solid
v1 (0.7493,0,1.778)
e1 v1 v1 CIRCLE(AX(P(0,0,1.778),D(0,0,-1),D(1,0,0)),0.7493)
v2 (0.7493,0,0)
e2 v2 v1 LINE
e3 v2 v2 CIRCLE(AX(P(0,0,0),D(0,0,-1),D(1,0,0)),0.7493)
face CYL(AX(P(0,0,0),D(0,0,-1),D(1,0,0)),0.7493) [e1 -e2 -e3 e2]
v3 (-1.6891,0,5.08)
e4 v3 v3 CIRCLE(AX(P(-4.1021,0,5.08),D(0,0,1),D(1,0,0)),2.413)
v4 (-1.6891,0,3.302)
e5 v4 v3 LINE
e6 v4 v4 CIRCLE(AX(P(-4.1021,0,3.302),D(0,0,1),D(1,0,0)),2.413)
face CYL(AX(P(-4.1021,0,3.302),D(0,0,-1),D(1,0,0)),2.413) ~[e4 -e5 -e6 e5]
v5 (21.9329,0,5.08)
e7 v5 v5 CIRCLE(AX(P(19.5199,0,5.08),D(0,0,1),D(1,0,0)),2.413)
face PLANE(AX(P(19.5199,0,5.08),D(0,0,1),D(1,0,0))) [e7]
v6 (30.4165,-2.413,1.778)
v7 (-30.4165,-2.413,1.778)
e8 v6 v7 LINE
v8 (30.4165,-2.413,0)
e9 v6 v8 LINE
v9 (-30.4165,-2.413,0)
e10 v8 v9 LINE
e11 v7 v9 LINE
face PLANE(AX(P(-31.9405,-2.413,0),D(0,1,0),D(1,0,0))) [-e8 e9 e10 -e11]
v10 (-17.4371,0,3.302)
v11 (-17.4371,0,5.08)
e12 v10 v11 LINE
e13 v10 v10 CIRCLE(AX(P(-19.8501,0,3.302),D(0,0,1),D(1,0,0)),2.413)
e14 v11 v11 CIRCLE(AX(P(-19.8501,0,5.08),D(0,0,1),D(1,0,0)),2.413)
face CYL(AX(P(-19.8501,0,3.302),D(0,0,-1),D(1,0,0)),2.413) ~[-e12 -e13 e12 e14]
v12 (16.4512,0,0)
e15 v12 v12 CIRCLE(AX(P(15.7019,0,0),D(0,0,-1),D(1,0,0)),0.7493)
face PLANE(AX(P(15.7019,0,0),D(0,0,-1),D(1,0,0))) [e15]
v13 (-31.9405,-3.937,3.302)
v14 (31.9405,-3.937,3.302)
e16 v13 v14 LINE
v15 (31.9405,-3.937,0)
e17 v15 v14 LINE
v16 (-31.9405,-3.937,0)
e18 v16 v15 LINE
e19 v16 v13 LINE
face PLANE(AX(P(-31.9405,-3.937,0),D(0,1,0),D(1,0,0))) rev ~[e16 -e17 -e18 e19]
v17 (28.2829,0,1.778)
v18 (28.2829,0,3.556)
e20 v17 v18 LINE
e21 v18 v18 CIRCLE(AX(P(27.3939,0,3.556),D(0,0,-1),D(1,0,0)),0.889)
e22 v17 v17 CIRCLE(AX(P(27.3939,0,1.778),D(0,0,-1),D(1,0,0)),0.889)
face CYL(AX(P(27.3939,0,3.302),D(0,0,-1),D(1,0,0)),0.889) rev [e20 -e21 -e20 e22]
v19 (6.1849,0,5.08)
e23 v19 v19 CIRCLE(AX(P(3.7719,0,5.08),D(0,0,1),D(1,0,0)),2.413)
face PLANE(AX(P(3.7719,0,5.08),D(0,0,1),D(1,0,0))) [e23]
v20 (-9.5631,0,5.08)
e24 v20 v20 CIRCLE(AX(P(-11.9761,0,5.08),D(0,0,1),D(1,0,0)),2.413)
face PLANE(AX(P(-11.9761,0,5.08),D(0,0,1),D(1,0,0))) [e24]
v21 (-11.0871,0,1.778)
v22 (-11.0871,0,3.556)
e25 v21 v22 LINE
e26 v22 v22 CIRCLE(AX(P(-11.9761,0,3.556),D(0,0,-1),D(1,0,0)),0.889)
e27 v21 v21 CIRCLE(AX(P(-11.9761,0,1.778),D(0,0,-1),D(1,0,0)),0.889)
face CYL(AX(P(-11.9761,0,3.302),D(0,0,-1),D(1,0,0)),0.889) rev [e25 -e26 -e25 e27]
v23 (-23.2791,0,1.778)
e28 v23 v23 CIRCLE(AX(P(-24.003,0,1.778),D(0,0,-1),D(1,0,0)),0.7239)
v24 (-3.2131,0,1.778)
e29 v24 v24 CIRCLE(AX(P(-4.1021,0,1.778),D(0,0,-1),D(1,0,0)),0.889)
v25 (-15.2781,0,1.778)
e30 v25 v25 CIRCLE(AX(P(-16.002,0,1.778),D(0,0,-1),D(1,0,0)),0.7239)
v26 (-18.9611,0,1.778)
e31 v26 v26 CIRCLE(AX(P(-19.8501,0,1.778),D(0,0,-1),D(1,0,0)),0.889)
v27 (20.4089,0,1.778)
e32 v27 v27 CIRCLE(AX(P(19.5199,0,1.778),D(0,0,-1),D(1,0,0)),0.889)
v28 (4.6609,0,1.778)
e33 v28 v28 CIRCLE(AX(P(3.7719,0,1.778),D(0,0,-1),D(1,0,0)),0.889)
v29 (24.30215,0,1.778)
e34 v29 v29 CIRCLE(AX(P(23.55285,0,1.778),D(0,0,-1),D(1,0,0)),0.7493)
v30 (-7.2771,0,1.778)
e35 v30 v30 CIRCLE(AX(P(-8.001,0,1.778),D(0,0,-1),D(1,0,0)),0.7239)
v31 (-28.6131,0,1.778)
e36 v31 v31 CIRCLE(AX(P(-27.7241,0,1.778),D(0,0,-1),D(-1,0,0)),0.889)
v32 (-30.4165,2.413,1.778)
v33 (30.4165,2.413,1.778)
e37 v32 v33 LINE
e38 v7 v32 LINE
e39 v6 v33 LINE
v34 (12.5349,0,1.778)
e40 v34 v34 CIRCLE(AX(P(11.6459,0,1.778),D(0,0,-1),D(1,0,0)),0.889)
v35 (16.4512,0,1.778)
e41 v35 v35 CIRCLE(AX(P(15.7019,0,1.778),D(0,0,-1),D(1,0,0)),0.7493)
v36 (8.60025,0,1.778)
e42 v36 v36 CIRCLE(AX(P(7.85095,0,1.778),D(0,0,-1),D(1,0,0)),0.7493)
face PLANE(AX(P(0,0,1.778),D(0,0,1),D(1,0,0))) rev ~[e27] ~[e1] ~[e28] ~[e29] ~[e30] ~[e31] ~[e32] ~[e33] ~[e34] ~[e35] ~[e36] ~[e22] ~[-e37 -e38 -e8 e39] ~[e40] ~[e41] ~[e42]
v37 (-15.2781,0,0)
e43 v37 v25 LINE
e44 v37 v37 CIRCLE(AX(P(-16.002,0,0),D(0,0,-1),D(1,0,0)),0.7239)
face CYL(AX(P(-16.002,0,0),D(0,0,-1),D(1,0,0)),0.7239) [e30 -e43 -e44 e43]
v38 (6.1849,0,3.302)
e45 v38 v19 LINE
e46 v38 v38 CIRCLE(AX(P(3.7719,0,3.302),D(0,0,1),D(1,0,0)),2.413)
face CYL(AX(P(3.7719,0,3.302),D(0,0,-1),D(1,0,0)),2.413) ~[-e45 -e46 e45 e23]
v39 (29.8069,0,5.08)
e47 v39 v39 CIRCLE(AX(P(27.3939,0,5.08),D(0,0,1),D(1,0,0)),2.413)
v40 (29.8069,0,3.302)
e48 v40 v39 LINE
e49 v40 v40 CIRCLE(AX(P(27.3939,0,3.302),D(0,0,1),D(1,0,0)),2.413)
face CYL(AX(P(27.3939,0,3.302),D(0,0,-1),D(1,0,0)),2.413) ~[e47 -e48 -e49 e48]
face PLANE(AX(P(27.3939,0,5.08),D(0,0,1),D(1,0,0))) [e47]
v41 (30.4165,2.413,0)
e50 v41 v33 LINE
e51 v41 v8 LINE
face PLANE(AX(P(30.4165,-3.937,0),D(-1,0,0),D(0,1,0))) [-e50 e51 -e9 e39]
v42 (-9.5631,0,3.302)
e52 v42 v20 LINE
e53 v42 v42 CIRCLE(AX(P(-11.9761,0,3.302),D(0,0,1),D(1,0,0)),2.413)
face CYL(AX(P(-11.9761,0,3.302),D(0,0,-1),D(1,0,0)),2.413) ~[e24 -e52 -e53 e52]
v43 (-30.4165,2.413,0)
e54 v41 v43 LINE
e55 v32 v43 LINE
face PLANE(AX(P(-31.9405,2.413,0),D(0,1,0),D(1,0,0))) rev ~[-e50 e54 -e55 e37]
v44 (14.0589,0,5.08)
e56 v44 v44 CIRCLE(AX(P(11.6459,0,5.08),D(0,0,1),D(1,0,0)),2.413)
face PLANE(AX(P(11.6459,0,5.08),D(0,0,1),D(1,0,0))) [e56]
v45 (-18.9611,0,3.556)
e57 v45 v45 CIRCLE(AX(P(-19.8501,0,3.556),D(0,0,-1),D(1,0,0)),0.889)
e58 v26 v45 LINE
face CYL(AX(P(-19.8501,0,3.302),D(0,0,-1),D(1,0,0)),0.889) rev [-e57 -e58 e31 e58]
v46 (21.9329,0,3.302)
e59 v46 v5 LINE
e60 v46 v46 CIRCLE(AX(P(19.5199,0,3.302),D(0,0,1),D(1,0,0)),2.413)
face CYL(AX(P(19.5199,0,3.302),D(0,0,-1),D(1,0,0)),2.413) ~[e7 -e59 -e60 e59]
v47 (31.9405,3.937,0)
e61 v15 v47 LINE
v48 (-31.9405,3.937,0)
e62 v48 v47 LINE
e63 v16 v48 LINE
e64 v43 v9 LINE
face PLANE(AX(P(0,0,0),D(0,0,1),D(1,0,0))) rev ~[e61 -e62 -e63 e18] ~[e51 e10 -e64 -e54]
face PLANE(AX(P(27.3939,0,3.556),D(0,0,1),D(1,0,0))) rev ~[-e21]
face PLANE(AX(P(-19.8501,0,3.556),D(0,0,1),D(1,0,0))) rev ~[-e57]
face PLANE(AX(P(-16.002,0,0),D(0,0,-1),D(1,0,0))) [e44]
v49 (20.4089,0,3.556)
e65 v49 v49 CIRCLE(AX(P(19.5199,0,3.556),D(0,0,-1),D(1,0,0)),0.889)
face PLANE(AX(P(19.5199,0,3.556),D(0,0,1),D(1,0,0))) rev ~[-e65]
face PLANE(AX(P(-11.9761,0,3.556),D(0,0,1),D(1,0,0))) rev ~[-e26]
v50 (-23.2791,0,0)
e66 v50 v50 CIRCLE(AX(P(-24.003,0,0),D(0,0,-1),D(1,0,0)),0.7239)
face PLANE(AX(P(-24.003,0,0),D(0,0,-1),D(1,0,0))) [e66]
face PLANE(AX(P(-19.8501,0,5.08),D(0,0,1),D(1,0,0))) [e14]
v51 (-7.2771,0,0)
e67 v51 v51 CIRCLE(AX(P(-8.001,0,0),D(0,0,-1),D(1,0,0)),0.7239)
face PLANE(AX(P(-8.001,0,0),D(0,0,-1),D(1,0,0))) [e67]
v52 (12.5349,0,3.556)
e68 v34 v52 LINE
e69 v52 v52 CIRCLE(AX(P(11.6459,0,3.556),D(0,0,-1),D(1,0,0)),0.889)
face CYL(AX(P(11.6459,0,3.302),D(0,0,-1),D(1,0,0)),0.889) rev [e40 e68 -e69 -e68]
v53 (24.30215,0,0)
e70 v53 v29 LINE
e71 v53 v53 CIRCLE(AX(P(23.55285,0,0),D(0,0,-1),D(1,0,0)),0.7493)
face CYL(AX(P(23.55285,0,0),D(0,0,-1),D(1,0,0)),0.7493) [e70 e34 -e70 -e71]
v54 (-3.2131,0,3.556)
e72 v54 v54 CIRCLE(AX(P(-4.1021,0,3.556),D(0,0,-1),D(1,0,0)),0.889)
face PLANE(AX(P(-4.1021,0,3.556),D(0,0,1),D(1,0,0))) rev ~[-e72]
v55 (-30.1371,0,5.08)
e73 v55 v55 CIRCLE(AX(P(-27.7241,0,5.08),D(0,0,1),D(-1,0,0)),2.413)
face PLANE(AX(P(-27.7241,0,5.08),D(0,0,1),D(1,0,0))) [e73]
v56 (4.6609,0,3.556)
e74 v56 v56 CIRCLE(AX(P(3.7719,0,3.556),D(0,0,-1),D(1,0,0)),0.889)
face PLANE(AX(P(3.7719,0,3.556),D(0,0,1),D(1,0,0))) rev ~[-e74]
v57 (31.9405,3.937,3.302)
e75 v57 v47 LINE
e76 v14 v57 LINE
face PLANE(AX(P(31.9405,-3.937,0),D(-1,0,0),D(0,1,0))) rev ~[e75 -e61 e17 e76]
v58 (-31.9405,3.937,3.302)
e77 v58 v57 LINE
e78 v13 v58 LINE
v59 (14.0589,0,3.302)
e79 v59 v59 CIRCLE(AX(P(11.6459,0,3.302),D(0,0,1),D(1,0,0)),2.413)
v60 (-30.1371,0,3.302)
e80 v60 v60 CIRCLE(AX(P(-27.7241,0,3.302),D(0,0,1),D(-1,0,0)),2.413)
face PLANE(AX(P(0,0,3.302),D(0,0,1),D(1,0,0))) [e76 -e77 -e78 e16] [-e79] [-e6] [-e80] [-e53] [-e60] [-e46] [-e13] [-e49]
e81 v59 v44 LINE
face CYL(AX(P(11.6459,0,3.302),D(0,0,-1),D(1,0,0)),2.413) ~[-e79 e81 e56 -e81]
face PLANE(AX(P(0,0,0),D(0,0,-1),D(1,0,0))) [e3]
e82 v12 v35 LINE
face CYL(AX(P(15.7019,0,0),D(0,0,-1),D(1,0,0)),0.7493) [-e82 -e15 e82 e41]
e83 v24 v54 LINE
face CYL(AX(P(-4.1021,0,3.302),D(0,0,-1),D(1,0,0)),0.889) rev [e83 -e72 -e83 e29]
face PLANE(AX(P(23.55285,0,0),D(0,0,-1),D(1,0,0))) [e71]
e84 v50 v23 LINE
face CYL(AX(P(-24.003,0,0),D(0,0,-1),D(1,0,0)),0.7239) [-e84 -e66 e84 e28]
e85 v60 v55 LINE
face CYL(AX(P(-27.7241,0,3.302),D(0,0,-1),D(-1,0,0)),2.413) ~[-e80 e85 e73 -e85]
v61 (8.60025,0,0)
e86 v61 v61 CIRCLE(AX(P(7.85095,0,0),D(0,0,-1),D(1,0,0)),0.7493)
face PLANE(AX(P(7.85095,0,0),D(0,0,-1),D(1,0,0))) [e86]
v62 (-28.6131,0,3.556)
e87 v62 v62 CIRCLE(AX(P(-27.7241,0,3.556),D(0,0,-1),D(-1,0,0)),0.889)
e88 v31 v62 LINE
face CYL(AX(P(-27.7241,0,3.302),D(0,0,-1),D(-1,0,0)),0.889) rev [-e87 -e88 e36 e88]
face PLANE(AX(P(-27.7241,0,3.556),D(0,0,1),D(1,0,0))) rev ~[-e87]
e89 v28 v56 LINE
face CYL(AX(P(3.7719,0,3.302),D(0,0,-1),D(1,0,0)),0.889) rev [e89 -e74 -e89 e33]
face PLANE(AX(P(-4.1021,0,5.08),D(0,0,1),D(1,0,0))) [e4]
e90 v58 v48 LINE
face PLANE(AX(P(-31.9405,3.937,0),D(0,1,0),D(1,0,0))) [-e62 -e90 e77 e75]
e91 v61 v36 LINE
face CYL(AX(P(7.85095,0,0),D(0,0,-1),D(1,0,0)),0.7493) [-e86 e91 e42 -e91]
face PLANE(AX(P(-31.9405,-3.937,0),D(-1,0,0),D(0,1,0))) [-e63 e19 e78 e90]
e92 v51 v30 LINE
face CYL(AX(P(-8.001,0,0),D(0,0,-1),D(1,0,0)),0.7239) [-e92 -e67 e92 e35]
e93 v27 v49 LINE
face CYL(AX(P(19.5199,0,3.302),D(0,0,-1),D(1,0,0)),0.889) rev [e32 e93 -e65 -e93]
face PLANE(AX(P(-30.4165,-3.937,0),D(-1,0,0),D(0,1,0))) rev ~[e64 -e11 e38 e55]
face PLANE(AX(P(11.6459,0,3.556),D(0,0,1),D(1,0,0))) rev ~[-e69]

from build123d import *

# Parameters (mm, degrees)
F0_W     = 63.881
F0_H     = 7.874
F1_DEPTH = 3.302
F2_R     = 2.413
F3_DEPTH = 1.778
F5_T     = -1.524
F7_R     = 0.7239
F6_R     = 0.7493
F8_DEPTH = 3.20278


with BuildPart() as f1:
    # F0 (on Top) → F1 (new body)
    with BuildSketch(Plane.XY):
        Rectangle(F0_W, F0_H)
    extrude(amount=F1_DEPTH)

    # F2 (on face) + F0 (on Top) → F3 (join)
    with BuildSketch(Plane.XY.offset(3.302)):
        with BuildLine():
            ThreePointArc((-25.3111, 0), (-27.7241, 2.413), (-30.1371, 0))
            ThreePointArc((-30.1371, 0), (-27.7241, -2.413), (-25.3111, 0))
        make_face()
        with Locations((-19.8501, 0)):
            Circle(F2_R)
        with Locations((-11.9761, 0)):
            Circle(F2_R)
        with Locations((-4.1021, 0)):
            Circle(F2_R)
        with Locations((3.7719, 0)):
            Circle(F2_R)
        with Locations((11.6459, 0)):
            Circle(F2_R)
        with Locations((19.5199, 0)):
            Circle(F2_R)
        with Locations((27.3939, 0)):
            Circle(F2_R)
    with BuildSketch(Plane.XY):
        Rectangle(F0_W, F0_H)
    extrude(amount=F3_DEPTH)

    # F5
    f5_openings = [f1.faces().sort_by_distance(p)[0] for p in [
        (0, 0, 0),
    ]]
    offset(amount=F5_T, openings=f5_openings, kind=Kind.INTERSECTION)

    # F7 (on face) + F6 (on face) → F8 (join)
    with BuildSketch(Plane(origin=(0, 0, 0), x_dir=(1, 0, 0), z_dir=(0, 0, -1))):
        with Locations((-8.001, 0)):
            Circle(F7_R)
        with Locations((-24.003, 0)):
            Circle(F7_R)
        with Locations((-16.002, 0)):
            Circle(F7_R)
    with BuildSketch(Plane(origin=(0, 0, 0), x_dir=(1, 0, 0), z_dir=(0, 0, -1))):
        Circle(F6_R)
        with Locations((7.85095, 0)):
            Circle(F6_R)
        with Locations((15.7019, 0)):
            Circle(F6_R)
        with Locations((23.55285, 0)):
            Circle(F6_R)
    extrude(amount=-F8_DEPTH)


solid = f1.part
